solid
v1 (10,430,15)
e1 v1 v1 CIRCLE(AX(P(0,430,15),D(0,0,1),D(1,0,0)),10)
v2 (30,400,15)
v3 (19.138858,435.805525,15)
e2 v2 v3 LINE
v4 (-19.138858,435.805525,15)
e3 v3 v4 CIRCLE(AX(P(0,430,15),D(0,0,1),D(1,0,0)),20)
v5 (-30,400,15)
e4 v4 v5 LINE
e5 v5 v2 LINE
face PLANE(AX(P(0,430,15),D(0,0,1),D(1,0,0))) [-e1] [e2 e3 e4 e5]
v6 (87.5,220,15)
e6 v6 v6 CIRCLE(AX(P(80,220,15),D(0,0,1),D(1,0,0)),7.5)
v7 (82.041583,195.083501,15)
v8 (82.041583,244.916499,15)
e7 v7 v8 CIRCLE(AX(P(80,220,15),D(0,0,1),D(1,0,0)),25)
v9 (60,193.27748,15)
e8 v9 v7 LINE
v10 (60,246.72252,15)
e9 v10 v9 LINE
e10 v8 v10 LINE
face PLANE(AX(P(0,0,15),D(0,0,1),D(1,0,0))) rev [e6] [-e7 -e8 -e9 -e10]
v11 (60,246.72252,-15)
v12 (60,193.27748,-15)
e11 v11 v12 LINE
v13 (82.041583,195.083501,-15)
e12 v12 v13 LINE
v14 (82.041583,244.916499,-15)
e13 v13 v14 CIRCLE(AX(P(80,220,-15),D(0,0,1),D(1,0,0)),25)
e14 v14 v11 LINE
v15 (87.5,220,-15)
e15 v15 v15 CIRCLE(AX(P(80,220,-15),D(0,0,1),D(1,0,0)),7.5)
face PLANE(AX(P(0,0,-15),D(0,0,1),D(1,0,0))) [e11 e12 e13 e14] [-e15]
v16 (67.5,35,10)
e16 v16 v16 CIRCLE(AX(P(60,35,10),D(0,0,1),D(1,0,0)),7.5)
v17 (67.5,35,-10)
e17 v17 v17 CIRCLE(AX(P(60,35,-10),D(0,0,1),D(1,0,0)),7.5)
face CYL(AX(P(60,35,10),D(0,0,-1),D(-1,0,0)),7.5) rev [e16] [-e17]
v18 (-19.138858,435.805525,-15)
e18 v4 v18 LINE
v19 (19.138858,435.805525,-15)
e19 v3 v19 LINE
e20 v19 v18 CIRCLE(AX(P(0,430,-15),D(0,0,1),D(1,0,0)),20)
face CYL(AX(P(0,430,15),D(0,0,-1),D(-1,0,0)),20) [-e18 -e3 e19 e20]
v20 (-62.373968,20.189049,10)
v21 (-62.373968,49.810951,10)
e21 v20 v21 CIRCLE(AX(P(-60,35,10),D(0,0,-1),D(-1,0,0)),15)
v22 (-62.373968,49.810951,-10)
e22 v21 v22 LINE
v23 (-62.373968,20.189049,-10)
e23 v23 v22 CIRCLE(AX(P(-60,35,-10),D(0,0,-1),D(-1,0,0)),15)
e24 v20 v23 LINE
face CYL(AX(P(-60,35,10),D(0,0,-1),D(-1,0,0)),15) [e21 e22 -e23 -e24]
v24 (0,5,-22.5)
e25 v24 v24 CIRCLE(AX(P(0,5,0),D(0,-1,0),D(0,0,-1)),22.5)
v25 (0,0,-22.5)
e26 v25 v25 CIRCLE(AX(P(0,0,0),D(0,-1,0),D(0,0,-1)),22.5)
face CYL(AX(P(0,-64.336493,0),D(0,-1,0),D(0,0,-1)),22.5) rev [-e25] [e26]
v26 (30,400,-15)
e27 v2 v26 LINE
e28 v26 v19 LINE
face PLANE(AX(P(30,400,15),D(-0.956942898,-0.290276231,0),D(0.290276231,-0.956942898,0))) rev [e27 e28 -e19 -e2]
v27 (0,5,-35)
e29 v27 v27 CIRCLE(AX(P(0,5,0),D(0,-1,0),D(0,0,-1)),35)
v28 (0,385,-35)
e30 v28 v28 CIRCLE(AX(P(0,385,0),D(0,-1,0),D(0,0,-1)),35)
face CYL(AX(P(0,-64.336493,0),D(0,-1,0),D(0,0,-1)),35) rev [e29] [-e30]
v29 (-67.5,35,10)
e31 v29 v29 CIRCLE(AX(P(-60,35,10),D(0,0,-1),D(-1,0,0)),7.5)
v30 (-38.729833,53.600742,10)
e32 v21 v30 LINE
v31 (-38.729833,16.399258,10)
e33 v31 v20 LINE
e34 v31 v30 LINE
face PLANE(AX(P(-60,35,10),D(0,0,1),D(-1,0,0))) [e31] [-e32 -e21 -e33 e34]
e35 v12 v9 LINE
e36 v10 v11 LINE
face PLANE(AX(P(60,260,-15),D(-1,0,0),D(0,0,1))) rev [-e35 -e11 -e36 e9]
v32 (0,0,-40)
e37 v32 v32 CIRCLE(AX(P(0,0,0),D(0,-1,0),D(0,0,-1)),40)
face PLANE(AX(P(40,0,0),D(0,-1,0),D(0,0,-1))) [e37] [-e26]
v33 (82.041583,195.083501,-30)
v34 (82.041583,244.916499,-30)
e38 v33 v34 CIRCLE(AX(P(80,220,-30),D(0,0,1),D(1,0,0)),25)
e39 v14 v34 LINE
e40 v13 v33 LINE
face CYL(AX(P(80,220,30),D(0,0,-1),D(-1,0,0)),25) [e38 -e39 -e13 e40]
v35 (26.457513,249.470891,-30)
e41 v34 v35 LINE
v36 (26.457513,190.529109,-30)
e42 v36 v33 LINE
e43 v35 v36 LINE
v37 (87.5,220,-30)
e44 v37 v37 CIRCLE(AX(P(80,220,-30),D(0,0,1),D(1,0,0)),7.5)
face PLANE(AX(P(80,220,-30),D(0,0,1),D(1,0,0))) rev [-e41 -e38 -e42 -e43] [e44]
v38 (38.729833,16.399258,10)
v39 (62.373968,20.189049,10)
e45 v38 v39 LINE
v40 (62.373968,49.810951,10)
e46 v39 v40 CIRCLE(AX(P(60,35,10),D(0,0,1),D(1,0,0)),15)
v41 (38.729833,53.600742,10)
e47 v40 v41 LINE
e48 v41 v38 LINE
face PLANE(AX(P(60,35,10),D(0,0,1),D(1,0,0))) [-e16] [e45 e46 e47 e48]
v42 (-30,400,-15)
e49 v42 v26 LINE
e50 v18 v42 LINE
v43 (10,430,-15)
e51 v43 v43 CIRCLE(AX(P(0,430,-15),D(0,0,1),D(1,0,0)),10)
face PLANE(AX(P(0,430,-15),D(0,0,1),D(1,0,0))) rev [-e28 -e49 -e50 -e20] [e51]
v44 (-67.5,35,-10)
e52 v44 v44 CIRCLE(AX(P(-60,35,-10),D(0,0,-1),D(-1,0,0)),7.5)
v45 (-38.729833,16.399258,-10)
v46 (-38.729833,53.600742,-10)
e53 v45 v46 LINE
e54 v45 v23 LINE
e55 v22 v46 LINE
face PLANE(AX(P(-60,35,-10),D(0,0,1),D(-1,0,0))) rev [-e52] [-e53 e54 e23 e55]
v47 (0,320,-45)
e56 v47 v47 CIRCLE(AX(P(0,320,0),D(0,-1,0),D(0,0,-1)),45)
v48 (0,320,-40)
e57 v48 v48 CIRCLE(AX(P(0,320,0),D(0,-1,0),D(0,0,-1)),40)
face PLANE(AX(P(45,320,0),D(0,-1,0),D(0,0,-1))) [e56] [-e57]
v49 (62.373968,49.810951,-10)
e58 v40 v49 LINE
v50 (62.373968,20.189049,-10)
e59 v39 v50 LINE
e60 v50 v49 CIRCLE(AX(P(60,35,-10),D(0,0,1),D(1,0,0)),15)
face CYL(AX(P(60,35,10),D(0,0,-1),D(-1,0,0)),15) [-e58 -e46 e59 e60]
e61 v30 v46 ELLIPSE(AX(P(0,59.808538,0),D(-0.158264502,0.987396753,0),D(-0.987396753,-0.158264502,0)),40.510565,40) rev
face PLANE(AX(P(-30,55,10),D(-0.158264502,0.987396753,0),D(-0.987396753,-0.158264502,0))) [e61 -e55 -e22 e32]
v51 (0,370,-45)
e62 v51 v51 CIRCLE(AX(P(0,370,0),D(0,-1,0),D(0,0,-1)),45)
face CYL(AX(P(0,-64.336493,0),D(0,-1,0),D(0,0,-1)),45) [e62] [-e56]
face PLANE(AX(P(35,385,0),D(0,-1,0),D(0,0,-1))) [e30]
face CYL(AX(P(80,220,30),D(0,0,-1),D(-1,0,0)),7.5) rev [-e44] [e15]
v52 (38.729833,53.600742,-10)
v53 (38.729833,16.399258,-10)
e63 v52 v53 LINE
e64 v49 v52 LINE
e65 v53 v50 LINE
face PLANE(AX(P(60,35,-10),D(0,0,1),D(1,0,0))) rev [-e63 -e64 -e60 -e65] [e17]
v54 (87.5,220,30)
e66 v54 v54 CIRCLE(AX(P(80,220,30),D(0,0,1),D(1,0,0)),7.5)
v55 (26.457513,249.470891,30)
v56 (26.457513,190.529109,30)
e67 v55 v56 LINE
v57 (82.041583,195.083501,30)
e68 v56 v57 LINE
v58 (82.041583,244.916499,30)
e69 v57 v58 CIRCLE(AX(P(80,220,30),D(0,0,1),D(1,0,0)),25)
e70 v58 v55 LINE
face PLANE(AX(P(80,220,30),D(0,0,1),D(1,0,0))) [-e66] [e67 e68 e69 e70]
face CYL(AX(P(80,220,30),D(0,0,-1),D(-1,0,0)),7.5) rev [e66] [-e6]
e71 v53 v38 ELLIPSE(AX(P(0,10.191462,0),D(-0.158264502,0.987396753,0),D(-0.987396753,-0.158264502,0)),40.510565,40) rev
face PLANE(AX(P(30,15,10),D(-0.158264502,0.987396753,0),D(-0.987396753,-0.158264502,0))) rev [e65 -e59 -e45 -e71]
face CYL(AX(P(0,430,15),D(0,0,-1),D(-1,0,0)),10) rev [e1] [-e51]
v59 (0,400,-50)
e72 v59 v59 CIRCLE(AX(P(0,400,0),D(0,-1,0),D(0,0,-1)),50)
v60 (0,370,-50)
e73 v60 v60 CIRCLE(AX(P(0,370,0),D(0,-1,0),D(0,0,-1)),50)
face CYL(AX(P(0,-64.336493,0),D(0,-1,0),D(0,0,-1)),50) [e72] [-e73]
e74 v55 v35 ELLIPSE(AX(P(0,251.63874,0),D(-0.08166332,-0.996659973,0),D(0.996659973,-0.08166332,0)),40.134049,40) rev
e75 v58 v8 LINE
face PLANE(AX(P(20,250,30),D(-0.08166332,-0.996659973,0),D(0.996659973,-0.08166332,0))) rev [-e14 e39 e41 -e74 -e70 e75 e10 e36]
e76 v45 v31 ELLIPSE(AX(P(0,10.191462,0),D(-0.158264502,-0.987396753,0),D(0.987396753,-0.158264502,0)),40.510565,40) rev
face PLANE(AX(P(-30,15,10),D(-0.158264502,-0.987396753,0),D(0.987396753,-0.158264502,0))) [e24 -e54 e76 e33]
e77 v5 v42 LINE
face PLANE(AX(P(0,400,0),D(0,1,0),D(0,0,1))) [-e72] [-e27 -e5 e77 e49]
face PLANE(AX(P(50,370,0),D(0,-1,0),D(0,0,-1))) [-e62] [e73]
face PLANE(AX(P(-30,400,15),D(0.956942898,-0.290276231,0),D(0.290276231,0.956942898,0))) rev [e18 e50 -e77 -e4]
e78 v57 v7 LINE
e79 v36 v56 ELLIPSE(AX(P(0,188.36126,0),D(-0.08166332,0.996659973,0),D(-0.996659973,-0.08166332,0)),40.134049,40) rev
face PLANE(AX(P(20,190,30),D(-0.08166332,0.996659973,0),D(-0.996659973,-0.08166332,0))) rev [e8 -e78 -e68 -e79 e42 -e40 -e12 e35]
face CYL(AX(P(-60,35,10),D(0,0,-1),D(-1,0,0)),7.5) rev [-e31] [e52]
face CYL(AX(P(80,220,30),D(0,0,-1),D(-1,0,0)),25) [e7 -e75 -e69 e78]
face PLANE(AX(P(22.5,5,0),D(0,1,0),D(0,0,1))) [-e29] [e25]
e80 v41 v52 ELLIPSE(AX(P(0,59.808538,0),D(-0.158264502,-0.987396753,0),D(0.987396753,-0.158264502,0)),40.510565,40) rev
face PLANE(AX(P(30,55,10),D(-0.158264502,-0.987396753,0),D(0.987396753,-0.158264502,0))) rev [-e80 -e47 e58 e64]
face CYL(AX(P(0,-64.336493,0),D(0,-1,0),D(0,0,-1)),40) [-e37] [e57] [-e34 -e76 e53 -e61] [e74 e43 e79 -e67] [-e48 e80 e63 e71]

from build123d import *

# Parameters (mm, degrees)
SKETCH2_R           = 10
BOSS_EXTRUDE1_DEPTH = 15
SKETCH3_R           = 7.5
BOSS_EXTRUDE2_DEPTH = 10
SKETCH4_R           = 7.5
BOSS_EXTRUDE3_DEPTH = 30
SKETCH5_W           = 70
SKETCH5_H           = 80
CUT_EXTRUDE1_DEPTH  = 15
SKETCH6_W           = 35
SKETCH6_H           = 315


with BuildPart() as part:
    # Sketch1 → Revolve1 (revolve)
    with BuildSketch(Plane.XY):
        Polygon((0, 400), (50, 400), (50, 370), (45, 370), (45, 320), (40, 320), (40, 0), (22.5, 0), (22.5, 5), (35, 5), (35, 385), (0, 385), align=None)
    revolve(axis=Axis((0, -64.336492891, 0), (0, 1, 0)))

    # Sketch2 → Boss-Extrude1 (add, symmetric)
    with BuildSketch(Plane.XY):
        with BuildLine():
            Line((-30, 400), (30, 400))
            Line((30, 400), (19.138857956, 435.805524623))
            ThreePointArc((19.138857956, 435.805524623), (0, 450), (-19.138857956, 435.805524623))
            Line((-19.138857956, 435.805524623), (-30, 400))
        make_face()
        with Locations((0, 430)):
            Circle(SKETCH2_R, mode=Mode.SUBTRACT)
    extrude(amount=BOSS_EXTRUDE1_DEPTH, both=True)

    # Sketch3 → Boss-Extrude2 (add, symmetric)
    with BuildSketch(Plane.XY):
        with BuildLine():
            Line((30, 15), (30, 55))
            Line((30, 55), (62.373967528, 49.810951292))
            ThreePointArc((62.373967528, 49.810951292), (75, 35), (62.373967528, 20.189048708))
            Line((62.373967528, 20.189048708), (30, 15))
        make_face()
        with Locations((60, 35)):
            Circle(SKETCH3_R, mode=Mode.SUBTRACT)
    boss_extrude2 = extrude(amount=BOSS_EXTRUDE2_DEPTH, both=True)

    # Mirror1: Boss-Extrude2 across plane
    add(boss_extrude2.mirror(Plane(origin=(0, 0, 0), x_dir=(0, 0, 1), z_dir=(1, 0, 0))))

    # Sketch4 → Boss-Extrude3 (add, symmetric)
    with BuildSketch(Plane.XY):
        with BuildLine():
            Line((20, 250), (20, 190))
            Line((20, 190), (82.041582998, 195.08350067))
            ThreePointArc((82.041582998, 195.08350067), (105, 220), (82.041582998, 244.91649933))
            Line((82.041582998, 244.91649933), (20, 250))
        make_face()
        with Locations((80, 220)):
            Circle(SKETCH4_R, mode=Mode.SUBTRACT)
    extrude(amount=BOSS_EXTRUDE3_DEPTH, both=True)

    # Sketch5 → Cut-Extrude1 (cut, symmetric)
    with BuildSketch(Plane.XY):
        with Locations((95, 220)):
            Rectangle(SKETCH5_W, SKETCH5_H)
    extrude(amount=CUT_EXTRUDE1_DEPTH, both=True, mode=Mode.SUBTRACT)

    # Sketch6 → Cut-Revolve1 (revolve, cut)
    with BuildSketch(Plane.XY):
        with Locations((17.5, 162.5)):
            Rectangle(SKETCH6_W, SKETCH6_H)
    revolve(axis=Axis((0, 320, 0), (0, -1, 0)), mode=Mode.SUBTRACT)


solid = part.part
